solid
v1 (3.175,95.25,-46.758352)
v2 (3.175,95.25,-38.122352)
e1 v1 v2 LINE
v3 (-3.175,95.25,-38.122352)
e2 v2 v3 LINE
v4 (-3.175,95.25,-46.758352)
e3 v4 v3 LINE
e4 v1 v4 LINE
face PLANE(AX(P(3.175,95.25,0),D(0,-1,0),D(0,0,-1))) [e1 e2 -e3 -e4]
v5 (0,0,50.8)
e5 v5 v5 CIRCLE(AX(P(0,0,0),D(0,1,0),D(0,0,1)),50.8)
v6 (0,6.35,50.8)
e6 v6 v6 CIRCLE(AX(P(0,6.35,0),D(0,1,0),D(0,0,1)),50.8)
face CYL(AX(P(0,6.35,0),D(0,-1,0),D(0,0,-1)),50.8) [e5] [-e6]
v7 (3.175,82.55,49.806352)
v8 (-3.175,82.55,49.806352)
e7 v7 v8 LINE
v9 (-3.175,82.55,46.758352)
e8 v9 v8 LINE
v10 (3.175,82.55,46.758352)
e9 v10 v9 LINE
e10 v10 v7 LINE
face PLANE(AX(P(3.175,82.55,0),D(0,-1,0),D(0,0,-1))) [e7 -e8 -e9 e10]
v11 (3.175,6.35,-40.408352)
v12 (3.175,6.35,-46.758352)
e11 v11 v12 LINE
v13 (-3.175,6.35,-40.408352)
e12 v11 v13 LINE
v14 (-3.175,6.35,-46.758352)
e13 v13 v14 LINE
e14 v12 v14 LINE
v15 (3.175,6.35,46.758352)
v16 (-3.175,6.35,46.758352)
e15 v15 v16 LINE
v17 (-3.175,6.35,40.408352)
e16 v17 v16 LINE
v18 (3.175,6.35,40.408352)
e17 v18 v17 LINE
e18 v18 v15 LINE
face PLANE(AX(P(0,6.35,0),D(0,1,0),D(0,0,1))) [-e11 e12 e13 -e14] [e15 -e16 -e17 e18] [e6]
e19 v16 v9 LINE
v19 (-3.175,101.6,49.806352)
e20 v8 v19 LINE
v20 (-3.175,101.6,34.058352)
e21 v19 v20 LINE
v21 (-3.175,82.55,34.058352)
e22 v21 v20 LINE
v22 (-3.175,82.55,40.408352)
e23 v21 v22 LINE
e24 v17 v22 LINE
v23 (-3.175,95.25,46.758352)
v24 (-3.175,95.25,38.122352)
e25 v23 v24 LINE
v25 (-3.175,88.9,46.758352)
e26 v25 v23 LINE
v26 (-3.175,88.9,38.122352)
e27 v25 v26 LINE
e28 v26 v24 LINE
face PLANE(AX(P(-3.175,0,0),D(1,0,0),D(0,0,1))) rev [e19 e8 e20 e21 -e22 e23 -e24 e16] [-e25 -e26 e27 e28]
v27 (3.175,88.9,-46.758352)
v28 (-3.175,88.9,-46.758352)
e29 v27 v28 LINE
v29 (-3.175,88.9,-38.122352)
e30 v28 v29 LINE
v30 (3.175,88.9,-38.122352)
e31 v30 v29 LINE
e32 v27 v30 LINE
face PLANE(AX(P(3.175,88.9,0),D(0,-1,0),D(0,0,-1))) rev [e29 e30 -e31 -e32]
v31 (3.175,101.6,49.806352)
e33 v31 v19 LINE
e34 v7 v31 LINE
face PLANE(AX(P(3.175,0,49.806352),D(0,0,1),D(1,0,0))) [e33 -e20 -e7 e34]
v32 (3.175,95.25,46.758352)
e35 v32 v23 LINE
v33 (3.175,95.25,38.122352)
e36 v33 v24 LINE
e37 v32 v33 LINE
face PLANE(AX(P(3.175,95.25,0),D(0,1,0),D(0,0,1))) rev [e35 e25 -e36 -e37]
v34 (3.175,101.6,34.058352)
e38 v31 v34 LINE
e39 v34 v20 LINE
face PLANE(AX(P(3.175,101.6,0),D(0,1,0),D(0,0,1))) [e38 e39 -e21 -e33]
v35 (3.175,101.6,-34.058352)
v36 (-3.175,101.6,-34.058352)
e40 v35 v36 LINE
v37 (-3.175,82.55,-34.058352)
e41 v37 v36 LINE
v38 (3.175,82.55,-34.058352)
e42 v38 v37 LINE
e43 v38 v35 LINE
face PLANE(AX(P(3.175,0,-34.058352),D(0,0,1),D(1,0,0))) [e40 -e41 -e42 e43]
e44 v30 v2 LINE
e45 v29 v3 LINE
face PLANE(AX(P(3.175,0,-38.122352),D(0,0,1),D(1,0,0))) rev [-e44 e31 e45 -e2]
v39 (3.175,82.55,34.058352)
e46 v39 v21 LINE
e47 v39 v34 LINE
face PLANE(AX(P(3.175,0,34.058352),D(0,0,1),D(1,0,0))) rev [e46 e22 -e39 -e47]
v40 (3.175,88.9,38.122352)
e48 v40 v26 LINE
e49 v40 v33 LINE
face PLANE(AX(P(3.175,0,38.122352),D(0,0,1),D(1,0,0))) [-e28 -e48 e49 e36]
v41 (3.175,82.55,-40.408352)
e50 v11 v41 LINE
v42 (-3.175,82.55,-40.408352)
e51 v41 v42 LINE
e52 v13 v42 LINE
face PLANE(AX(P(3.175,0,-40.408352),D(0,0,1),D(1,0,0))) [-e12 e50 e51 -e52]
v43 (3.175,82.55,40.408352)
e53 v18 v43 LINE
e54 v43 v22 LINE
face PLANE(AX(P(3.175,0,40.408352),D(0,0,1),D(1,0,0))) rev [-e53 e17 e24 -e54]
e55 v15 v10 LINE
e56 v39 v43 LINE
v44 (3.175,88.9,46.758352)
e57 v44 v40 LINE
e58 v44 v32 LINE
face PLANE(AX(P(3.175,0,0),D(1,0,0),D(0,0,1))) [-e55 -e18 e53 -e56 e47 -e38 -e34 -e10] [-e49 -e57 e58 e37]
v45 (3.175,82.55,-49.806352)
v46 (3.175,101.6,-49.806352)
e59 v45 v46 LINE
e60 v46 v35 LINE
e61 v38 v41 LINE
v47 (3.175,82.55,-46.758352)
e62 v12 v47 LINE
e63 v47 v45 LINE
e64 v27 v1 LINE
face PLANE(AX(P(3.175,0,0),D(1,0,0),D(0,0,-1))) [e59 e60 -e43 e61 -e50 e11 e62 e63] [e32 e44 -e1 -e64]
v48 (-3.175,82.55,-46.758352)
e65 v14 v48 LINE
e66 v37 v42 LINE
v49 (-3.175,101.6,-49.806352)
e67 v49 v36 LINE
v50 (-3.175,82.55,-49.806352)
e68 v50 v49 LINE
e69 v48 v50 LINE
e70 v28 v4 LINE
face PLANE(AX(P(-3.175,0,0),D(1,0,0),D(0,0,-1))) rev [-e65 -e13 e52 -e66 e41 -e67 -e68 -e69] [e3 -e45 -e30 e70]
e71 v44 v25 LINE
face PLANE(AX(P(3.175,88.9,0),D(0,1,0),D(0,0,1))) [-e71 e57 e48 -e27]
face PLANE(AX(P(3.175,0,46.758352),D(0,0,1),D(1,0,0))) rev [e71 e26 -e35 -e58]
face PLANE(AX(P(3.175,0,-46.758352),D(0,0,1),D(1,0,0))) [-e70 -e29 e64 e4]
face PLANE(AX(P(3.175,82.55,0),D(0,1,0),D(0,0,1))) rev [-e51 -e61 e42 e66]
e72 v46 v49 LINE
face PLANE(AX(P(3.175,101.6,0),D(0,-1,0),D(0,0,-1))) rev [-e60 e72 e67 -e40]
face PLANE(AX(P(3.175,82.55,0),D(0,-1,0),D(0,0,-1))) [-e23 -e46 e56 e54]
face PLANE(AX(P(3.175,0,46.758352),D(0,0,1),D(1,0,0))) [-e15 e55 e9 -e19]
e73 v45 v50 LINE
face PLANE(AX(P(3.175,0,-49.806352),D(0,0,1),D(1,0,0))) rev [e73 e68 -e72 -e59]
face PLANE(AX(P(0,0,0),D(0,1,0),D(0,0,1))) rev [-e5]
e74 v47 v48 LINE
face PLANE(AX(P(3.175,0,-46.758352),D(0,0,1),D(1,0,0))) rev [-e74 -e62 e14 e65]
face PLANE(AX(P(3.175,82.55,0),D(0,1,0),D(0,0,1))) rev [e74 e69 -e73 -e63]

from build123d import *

# Parameters (mm, degrees)
SKETCH1_R           = 50.8
BOSS_EXTRUDE1_DEPTH = 6.35
SKETCH9_W           = 8.636
SKETCH9_H           = 6.35
BOSS_EXTRUDE5_DEPTH = 3.175


with BuildPart() as part:
    # Sketch1 → Boss-Extrude1 (new body)
    with BuildSketch(Plane(origin=(0, 0, 0), x_dir=(1, 0, 0), z_dir=(0, 1, 0))):
        Circle(SKETCH1_R)
    extrude(amount=BOSS_EXTRUDE1_DEPTH)

    # Sketch9 → Boss-Extrude5 (add, symmetric)
    with BuildSketch(Plane(origin=(0, 0, 0), x_dir=(0, 0, -1), z_dir=(1, 0, 0))):
        Polygon((40.408352, 82.55), (40.408352, 6.35), (46.758352, 6.35), (46.758352, 82.55), (49.806352, 82.55), (49.806352, 101.6), (34.058352, 101.6), (34.058352, 82.55), align=None)
        with Locations((42.440352, 92.075)):
            Rectangle(SKETCH9_W, SKETCH9_H, mode=Mode.SUBTRACT)
    boss_extrude5 = extrude(amount=BOSS_EXTRUDE5_DEPTH, both=True)

    # Mirror1: Boss-Extrude5 across plane
    add(boss_extrude5.mirror(Plane.XY))


solid = part.part
